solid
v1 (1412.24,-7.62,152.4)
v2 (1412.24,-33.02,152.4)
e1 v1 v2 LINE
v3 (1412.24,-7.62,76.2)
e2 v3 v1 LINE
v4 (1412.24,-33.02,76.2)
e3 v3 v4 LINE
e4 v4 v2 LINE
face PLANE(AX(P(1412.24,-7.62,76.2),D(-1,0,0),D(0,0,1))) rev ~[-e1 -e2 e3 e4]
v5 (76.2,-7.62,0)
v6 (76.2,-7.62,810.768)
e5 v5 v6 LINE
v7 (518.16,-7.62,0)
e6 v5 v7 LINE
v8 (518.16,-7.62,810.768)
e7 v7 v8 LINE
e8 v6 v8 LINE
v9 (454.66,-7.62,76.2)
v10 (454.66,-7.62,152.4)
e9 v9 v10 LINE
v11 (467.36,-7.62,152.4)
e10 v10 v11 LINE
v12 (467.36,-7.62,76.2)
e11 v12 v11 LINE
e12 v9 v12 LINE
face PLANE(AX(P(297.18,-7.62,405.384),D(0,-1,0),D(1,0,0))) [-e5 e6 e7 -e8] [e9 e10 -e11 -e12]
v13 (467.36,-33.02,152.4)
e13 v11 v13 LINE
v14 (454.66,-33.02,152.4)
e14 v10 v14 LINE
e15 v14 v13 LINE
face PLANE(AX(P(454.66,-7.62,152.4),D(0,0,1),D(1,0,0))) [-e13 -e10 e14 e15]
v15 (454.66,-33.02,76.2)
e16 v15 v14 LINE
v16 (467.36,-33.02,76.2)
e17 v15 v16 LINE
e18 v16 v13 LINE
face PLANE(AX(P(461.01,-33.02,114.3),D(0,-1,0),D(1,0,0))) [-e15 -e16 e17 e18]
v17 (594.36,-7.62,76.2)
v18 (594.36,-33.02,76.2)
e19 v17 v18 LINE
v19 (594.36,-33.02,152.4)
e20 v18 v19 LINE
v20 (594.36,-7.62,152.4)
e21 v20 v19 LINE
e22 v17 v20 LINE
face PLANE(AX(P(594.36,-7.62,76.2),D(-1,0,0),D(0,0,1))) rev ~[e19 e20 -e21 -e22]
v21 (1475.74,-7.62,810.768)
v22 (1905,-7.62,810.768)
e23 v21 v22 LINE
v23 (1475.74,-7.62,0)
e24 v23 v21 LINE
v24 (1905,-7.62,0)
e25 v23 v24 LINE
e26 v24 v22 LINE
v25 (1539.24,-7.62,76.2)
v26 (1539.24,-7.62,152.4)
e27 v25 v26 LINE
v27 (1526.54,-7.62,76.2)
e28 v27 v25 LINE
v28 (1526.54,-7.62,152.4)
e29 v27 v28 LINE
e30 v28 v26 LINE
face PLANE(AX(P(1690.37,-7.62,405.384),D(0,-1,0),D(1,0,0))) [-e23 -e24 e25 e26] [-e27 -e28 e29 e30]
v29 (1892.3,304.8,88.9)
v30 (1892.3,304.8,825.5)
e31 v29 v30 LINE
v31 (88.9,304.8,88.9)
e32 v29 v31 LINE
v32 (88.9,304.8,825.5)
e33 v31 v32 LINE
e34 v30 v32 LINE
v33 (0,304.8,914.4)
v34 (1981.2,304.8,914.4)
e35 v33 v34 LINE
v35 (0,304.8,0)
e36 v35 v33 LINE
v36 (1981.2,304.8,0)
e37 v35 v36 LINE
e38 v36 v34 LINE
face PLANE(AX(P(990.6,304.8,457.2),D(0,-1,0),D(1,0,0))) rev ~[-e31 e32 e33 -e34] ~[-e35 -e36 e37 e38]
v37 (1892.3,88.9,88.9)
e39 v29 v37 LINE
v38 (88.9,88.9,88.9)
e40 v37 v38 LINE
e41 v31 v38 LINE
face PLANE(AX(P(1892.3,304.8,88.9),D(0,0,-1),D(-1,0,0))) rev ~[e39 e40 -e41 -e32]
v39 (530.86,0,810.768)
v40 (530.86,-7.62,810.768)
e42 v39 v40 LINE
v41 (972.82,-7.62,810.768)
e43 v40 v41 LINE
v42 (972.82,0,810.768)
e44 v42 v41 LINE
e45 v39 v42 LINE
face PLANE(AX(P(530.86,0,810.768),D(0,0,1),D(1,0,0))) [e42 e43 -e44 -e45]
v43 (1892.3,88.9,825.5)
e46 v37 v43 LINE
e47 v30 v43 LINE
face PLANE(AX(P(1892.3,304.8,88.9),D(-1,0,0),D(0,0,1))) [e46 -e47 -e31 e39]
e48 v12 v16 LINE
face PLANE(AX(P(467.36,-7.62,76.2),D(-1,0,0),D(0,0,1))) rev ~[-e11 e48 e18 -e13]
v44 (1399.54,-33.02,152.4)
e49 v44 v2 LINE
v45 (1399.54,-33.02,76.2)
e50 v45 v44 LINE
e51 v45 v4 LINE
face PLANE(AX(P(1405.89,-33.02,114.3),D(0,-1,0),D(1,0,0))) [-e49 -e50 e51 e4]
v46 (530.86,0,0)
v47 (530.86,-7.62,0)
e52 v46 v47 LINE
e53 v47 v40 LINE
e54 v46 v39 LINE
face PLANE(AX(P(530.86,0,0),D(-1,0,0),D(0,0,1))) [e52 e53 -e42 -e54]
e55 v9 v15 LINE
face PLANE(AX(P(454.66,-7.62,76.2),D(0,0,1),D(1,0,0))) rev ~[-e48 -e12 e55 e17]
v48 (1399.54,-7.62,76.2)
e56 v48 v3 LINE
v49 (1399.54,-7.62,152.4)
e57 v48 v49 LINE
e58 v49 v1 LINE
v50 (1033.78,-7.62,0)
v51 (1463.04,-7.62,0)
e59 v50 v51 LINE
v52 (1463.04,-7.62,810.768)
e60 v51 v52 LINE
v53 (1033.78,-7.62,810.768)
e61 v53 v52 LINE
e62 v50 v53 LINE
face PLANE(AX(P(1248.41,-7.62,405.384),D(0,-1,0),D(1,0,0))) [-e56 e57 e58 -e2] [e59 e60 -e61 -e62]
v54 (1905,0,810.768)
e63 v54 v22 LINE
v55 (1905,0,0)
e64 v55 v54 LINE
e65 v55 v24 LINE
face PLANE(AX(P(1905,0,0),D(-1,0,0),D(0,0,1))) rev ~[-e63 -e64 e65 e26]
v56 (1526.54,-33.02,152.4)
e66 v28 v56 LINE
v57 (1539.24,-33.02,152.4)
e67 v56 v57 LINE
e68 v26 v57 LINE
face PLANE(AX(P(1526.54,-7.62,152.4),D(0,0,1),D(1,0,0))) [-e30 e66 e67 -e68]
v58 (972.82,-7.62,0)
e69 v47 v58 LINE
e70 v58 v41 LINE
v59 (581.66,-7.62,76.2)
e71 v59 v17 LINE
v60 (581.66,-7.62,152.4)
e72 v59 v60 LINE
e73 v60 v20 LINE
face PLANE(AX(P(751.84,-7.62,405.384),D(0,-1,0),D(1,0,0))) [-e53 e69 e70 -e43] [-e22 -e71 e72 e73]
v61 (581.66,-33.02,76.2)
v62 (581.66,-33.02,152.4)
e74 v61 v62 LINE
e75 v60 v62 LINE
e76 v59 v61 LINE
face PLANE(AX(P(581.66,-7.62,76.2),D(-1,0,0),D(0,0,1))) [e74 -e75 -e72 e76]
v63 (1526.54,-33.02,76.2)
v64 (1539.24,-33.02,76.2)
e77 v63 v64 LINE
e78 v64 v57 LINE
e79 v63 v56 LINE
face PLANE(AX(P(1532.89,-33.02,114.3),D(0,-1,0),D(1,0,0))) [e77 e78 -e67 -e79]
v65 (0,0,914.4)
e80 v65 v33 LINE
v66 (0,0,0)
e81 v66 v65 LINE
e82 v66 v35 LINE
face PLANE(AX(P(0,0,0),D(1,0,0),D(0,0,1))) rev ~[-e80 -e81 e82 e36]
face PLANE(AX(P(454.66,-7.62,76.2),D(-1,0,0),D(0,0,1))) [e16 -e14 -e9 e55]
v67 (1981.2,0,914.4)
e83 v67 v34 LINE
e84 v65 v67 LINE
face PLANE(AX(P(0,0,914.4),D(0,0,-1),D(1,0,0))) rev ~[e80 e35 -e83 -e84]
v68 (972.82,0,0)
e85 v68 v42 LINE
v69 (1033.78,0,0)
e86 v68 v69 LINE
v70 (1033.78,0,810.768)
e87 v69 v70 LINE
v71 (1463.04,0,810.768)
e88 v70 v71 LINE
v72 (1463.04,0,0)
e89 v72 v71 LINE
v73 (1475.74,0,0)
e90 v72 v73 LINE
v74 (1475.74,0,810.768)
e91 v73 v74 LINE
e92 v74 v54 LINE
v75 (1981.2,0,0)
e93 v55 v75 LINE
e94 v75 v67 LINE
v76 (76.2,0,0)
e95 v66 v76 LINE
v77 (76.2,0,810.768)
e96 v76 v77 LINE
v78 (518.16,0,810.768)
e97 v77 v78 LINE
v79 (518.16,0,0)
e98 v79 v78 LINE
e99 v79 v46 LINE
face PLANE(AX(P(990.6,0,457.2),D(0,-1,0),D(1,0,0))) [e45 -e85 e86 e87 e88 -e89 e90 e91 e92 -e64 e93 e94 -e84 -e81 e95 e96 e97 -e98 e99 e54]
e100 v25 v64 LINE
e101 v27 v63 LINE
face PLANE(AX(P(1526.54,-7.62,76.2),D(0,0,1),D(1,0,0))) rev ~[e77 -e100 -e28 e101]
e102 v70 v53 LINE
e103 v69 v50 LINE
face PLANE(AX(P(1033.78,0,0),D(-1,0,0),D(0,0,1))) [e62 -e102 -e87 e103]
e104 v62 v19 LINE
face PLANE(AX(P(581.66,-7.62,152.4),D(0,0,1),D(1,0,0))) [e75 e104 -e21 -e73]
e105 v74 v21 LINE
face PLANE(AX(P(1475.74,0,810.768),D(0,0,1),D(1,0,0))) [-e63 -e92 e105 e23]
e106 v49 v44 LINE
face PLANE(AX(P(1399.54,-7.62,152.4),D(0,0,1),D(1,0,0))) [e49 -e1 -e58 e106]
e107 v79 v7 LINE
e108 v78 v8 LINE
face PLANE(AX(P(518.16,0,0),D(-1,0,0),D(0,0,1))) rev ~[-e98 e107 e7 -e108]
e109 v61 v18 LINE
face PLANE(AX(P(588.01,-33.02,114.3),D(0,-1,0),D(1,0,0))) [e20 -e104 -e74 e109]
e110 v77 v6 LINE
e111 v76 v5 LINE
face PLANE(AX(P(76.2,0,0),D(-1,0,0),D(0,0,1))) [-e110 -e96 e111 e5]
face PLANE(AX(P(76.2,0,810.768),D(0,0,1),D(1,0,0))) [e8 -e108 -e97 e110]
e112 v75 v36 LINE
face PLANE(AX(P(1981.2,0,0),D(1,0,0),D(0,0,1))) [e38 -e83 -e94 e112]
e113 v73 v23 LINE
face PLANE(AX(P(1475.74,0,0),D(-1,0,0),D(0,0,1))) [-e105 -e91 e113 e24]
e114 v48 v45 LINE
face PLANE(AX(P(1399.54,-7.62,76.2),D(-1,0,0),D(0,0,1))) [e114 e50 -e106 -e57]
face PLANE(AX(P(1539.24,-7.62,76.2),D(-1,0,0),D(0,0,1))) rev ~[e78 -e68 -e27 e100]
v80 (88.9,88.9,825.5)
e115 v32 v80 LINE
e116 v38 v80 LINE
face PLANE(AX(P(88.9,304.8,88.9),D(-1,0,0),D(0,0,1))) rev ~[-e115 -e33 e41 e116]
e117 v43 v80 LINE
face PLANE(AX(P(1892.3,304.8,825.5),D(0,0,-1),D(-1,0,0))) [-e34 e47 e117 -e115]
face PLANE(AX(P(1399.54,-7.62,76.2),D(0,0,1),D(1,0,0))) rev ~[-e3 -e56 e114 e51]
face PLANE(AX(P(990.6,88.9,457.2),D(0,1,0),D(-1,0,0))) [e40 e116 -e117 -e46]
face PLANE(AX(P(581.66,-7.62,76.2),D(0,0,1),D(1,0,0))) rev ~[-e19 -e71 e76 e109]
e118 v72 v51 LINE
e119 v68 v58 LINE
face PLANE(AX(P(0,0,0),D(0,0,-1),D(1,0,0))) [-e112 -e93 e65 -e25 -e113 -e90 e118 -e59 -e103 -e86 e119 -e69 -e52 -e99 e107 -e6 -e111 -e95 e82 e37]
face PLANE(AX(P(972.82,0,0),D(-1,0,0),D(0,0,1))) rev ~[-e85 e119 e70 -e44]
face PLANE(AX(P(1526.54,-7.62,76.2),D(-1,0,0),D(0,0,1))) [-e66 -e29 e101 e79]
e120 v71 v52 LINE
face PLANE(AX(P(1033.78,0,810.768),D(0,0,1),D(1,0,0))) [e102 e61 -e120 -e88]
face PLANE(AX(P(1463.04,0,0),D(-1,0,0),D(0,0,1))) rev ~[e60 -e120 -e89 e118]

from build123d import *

# Parameters (mm, degrees)
F0_W     = 1981.2
F0_H     = 914.4
F1_DEPTH = 304.8
F2_W     = 441.96
F2_H     = 810.768
F2_W_2   = 429.26
F3_DEPTH = 7.62
F4_W     = 12.7
F4_H     = 76.2
F5_DEPTH = 25.4
F6_W     = 1803.4
F6_H     = 736.6
F7_DEPTH = 215.9


with BuildPart() as f1:
    # F0 (on Front) → F1 (new body)
    with BuildSketch(Plane.XZ):
        with Locations((990.6, 457.2)):
            Rectangle(F0_W, F0_H)
    extrude(amount=-F1_DEPTH)

    # F2 (on face) → F3 (join)
    with BuildSketch(Plane.XZ):
        with Locations((297.18, 405.384)):
            Rectangle(F2_W, F2_H)
        with Locations((751.84, 405.384)):
            Rectangle(F2_W, F2_H)
        with Locations((1248.41, 405.384)):
            Rectangle(F2_W_2, F2_H)
        with Locations((1690.37, 405.384)):
            Rectangle(F2_W_2, F2_H)
    extrude(amount=F3_DEPTH)

    # F4 (on face) → F5 (join)
    with BuildSketch(Plane.XZ.offset(7.62)):
        with Locations((1532.89, 114.3)):
            Rectangle(F4_W, F4_H)
        with Locations((1405.89, 114.3)):
            Rectangle(F4_W, F4_H)
        with Locations((588.01, 114.3)):
            Rectangle(F4_W, F4_H)
        with Locations((461.01, 114.3)):
            Rectangle(F4_W, F4_H)
    extrude(amount=F5_DEPTH)

    # F6 (on face) → F7 (cut)
    with BuildSketch(Plane(origin=(0, 304.8, 0), x_dir=(-1, 0, 0), z_dir=(0, 1, 0))):
        with Locations((-990.6, 457.2)):
            Rectangle(F6_W, F6_H)
    extrude(amount=-F7_DEPTH, mode=Mode.SUBTRACT)


solid = f1.part
